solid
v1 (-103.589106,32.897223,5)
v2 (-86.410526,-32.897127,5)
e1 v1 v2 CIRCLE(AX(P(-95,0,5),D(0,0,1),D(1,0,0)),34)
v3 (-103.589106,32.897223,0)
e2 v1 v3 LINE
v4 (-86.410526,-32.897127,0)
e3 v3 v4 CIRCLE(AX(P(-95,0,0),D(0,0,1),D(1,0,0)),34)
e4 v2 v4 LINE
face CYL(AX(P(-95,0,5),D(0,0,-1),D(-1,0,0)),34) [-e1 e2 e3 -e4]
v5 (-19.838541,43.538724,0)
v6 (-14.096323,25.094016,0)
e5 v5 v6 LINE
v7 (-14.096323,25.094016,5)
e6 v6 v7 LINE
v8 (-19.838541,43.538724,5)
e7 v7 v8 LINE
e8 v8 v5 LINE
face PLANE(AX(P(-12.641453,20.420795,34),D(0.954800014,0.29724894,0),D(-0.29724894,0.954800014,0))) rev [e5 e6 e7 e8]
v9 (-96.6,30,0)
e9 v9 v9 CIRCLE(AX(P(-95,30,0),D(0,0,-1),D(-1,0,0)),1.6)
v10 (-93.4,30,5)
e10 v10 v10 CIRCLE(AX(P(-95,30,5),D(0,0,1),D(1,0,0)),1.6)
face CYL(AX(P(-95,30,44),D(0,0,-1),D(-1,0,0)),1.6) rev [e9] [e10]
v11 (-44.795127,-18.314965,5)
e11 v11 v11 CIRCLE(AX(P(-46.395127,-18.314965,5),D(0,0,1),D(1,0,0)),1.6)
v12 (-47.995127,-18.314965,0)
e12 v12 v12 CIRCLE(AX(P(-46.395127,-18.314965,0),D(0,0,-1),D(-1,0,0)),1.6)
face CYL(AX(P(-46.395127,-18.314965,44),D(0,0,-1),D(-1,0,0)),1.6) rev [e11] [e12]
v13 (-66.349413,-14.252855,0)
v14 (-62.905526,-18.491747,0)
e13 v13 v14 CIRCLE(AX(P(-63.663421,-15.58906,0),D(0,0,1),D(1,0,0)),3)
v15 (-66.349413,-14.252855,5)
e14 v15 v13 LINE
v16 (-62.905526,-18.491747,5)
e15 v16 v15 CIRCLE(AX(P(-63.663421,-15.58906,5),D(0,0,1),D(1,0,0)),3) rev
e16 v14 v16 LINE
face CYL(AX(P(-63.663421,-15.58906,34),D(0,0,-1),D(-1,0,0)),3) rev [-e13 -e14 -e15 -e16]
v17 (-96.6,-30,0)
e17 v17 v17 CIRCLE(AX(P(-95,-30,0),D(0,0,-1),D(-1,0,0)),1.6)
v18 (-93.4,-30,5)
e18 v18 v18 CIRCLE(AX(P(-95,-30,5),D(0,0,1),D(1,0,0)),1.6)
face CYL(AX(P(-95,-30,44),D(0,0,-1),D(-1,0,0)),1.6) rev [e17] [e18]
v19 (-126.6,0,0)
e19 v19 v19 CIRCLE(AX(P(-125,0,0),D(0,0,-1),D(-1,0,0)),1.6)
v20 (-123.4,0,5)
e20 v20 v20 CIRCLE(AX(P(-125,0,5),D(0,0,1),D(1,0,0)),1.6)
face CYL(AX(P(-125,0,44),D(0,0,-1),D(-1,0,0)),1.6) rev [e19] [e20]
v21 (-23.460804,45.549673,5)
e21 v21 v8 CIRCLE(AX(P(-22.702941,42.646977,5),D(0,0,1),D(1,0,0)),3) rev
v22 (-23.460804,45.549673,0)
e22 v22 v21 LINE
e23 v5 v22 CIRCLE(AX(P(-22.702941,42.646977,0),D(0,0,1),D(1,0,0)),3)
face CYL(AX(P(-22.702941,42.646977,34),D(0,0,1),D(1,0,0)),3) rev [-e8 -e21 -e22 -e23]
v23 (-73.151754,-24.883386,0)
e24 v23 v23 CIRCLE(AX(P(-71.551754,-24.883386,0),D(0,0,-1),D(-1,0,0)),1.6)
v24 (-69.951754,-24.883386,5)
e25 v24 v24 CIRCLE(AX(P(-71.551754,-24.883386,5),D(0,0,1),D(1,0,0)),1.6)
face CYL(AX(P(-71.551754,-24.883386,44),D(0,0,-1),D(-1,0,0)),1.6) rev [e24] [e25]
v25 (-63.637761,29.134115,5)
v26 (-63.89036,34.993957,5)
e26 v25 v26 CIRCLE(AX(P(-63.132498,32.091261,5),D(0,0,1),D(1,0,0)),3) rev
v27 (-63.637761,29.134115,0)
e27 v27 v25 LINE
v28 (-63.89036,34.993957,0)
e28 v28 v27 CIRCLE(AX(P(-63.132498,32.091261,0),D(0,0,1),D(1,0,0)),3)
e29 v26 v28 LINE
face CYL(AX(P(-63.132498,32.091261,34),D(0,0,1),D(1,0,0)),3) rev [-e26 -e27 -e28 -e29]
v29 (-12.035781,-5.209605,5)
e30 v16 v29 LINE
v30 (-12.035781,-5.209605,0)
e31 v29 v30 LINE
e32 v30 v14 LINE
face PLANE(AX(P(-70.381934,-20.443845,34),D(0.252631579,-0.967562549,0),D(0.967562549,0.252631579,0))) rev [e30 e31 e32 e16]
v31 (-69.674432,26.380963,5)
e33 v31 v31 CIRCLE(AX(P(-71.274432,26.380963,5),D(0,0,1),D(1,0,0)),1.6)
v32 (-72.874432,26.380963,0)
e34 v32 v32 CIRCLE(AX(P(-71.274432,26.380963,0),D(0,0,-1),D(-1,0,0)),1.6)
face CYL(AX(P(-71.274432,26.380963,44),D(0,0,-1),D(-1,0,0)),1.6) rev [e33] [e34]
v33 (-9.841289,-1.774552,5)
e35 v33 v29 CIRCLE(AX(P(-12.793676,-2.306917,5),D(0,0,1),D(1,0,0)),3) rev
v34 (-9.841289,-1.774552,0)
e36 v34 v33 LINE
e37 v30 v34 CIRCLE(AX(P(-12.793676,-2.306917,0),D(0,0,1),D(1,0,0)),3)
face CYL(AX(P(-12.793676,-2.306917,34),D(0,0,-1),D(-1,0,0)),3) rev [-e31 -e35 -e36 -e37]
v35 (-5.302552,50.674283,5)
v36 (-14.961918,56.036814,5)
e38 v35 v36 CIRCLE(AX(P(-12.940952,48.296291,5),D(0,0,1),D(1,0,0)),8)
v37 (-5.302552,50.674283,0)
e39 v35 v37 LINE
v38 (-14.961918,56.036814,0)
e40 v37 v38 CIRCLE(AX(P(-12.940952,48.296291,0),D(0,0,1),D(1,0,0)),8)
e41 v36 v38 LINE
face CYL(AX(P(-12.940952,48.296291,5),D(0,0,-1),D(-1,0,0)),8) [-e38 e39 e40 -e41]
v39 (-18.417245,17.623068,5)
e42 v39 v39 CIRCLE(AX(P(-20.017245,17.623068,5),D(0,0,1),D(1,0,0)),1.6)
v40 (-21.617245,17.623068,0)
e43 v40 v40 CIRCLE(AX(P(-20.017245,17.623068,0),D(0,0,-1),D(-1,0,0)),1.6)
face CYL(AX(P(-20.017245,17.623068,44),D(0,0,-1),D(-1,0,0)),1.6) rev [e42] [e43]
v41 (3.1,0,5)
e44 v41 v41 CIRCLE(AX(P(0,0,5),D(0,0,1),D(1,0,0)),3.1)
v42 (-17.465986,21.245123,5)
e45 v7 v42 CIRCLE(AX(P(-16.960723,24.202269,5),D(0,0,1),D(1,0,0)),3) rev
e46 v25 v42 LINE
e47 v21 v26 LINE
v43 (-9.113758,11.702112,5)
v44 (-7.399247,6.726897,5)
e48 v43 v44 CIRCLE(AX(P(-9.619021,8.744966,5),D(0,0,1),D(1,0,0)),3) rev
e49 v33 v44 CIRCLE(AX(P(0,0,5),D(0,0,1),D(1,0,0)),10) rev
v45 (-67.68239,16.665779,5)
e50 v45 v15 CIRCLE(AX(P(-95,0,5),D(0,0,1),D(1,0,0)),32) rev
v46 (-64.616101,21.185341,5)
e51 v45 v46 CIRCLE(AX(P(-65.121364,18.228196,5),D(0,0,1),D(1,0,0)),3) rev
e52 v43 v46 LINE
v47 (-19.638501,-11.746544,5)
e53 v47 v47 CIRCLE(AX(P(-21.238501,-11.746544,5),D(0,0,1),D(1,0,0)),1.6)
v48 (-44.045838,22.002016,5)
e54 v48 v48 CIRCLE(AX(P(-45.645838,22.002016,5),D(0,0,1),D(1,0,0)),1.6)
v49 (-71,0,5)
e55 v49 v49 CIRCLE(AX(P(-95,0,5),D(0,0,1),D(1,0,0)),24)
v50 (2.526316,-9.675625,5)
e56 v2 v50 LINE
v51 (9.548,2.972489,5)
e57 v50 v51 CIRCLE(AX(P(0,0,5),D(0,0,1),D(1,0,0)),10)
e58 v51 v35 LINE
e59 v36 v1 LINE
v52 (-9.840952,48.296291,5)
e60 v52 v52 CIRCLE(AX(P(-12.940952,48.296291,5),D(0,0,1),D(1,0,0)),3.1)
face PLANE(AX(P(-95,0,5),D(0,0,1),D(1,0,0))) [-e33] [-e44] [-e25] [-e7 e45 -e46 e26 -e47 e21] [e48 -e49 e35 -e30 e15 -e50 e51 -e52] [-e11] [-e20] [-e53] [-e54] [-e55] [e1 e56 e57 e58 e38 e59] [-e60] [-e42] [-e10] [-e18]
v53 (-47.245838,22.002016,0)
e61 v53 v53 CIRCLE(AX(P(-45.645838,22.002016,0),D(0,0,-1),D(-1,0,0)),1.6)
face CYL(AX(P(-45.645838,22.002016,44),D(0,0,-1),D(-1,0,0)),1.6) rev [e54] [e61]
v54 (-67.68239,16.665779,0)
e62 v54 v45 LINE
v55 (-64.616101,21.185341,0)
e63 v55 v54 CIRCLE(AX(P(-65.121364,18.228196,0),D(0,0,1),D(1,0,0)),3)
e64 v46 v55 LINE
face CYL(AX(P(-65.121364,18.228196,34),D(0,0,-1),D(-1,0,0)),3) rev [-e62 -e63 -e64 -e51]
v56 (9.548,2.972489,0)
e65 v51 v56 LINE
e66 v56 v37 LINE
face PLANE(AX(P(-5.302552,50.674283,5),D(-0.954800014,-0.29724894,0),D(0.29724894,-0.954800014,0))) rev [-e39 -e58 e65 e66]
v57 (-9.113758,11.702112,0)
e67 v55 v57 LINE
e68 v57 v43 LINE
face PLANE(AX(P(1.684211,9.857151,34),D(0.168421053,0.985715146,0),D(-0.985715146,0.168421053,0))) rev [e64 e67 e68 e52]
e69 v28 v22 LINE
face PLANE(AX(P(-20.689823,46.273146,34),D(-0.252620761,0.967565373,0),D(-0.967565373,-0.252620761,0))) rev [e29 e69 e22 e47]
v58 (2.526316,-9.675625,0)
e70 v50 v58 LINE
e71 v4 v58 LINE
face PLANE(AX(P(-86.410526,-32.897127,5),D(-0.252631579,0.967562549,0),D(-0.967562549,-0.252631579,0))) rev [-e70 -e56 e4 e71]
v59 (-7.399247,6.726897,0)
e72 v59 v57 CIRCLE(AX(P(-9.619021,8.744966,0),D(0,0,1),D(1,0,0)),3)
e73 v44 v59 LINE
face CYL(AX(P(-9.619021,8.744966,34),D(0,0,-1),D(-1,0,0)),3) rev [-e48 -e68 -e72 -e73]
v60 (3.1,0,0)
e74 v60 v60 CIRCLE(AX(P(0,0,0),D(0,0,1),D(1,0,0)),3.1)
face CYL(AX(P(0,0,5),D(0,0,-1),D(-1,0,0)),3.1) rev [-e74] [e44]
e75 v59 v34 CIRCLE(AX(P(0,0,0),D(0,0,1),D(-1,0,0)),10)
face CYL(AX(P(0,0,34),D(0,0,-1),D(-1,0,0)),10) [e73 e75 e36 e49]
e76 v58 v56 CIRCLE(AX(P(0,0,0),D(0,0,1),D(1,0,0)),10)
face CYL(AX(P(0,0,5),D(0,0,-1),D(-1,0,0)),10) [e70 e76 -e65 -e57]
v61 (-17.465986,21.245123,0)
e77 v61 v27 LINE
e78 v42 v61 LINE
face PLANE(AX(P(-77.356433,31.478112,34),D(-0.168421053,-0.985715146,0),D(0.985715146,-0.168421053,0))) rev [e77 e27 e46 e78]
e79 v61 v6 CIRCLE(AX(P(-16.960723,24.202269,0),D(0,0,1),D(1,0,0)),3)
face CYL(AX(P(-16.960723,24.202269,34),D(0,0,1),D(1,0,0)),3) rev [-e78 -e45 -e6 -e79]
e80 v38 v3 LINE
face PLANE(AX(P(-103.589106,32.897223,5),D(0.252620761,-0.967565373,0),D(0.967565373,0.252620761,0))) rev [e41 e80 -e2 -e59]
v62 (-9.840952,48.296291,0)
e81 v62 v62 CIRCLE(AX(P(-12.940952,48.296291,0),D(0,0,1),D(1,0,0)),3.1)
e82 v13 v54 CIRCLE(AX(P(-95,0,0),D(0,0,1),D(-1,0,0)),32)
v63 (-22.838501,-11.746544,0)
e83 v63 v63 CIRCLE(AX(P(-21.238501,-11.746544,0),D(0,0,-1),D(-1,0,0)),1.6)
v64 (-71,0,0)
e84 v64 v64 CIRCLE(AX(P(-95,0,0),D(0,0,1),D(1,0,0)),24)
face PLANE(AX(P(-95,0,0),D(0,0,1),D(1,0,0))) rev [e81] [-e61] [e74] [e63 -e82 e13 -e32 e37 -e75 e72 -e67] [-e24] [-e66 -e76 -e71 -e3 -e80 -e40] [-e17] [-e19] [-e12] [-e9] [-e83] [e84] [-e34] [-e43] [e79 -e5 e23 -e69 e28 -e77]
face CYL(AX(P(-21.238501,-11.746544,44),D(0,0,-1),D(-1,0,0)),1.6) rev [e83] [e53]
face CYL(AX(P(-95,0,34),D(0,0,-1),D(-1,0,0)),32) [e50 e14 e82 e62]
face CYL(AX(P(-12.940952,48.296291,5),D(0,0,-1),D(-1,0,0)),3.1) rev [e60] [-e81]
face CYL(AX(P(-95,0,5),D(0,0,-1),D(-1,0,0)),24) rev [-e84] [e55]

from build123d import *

# Parameters (mm, degrees)
SKETCH_1_R          = 3.1
SKETCH_1_R_2        = 24
EXTRUDE_1_DEPTH     = 5
SKETCH_2_R          = 1.6
CUT_EXTRUDE_1_DEPTH = 44
CUT_EXTRUDE_2_DEPTH = 34
FILLET_1_R          = 3
CUT_EXTRUDE_3_DEPTH = 34
FILLET_2_R          = 3


with BuildPart() as part:
    # 草图1 → 凸台-拉伸1 (new body)
    with BuildSketch(Plane.XY):
        with BuildLine():
            Line((-103.589105886, 32.89722268), (-14.961918346, 56.036814298))
            ThreePointArc((-14.961918346, 56.036814298), (-9.057902271, 55.29071215), (-5.302552139, 50.674282835))
            Line((-5.302552139, 50.674282835), (9.548000145, 2.9724894))
            ThreePointArc((9.548000145, 2.9724894), (8.743053177, -4.853763606), (2.526315789, -9.675625485))
            Line((2.526315789, -9.675625485), (-86.410526316, -32.89712665))
            ThreePointArc((-86.410526316, -32.89712665), (-127.897174666, -8.589289785), (-103.589105886, 32.89722268))
        make_face()
        Circle(SKETCH_1_R, mode=Mode.SUBTRACT)
        with Locations((-95, 0)):
            Circle(SKETCH_1_R_2, mode=Mode.SUBTRACT)
        with Locations((-12.940952255, 48.296291314)):
            Circle(SKETCH_1_R, mode=Mode.SUBTRACT)
    extrude(amount=EXTRUDE_1_DEPTH)

    # 草图2 → 切除-拉伸1 (cut)
    with BuildSketch(Plane(origin=(0, 0, 0), x_dir=(-1, 0, 0), z_dir=(0, 0, -1))):
        with Locations((21.238501013, -11.746543996)):
            Circle(SKETCH_2_R)
        with Locations((46.395127275, -18.314965049)):
            Circle(SKETCH_2_R)
        with Locations((71.551753537, -24.883386101)):
            Circle(SKETCH_2_R)
        with Locations((95, -30)):
            Circle(SKETCH_2_R)
        with Locations((125, 0)):
            Circle(SKETCH_2_R)
        with Locations((95, 30)):
            Circle(SKETCH_2_R)
        with Locations((71.274432107, 26.380963088)):
            Circle(SKETCH_2_R)
        with Locations((45.645838312, 22.002015719)):
            Circle(SKETCH_2_R)
        with Locations((20.017244516, 17.623068351)):
            Circle(SKETCH_2_R)
    extrude(amount=-CUT_EXTRUDE_1_DEPTH, mode=Mode.SUBTRACT)

    # 草图3 → 切除-拉伸2 (cut)
    with BuildSketch(Plane(origin=(0, 0, 0), x_dir=(-1, 0, 0), z_dir=(0, 0, -1))):
        with BuildLine():
            Line((70.381933652, -20.443845267), (8.974874995, -4.410398942))
            ThreePointArc((8.974874995, -4.410398942), (8.011191904, 5.985048394), (-1.684210526, 9.85715146))
            Line((-1.684210526, 9.85715146), (72.232775022, 22.486739799))
            ThreePointArc((72.232775022, 22.486739799), (63.029697498, 1.378317076), (70.381933652, -20.443845267))
        make_face()
    extrude(amount=-CUT_EXTRUDE_2_DEPTH, mode=Mode.SUBTRACT)

    # 圆角1
    fillet_1_edges = [part.edges().sort_by_distance(p)[0] for p in [
        (-8.974874995, -4.410398942, 2.5),
        (1.684210526, 9.85715146, 2.5),
        (-72.232775022, 22.486739799, 2.5),
        (-70.381933652, -20.443845267, 2.5),
    ]]
    fillet(fillet_1_edges, radius=FILLET_1_R)

    # 草图4 → 切除-拉伸3 (cut)
    with BuildSketch(Plane(origin=(0, 0, 0), x_dir=(-1, 0, 0), z_dir=(0, 0, -1))):
        Polygon((20.689823209, 46.27314566), (77.356433109, 31.478112128), (12.641453143, 20.420794919), align=None)
    extrude(amount=-CUT_EXTRUDE_3_DEPTH, mode=Mode.SUBTRACT)

    # 圆角2
    fillet_2_edges = [part.edges().sort_by_distance(p)[0] for p in [
        (-12.641453143, 20.420794919, 2.5),
        (-20.689823209, 46.27314566, 2.5),
        (-77.356433109, 31.478112128, 2.5),
    ]]
    fillet(fillet_2_edges, radius=FILLET_2_R)


solid = part.part
